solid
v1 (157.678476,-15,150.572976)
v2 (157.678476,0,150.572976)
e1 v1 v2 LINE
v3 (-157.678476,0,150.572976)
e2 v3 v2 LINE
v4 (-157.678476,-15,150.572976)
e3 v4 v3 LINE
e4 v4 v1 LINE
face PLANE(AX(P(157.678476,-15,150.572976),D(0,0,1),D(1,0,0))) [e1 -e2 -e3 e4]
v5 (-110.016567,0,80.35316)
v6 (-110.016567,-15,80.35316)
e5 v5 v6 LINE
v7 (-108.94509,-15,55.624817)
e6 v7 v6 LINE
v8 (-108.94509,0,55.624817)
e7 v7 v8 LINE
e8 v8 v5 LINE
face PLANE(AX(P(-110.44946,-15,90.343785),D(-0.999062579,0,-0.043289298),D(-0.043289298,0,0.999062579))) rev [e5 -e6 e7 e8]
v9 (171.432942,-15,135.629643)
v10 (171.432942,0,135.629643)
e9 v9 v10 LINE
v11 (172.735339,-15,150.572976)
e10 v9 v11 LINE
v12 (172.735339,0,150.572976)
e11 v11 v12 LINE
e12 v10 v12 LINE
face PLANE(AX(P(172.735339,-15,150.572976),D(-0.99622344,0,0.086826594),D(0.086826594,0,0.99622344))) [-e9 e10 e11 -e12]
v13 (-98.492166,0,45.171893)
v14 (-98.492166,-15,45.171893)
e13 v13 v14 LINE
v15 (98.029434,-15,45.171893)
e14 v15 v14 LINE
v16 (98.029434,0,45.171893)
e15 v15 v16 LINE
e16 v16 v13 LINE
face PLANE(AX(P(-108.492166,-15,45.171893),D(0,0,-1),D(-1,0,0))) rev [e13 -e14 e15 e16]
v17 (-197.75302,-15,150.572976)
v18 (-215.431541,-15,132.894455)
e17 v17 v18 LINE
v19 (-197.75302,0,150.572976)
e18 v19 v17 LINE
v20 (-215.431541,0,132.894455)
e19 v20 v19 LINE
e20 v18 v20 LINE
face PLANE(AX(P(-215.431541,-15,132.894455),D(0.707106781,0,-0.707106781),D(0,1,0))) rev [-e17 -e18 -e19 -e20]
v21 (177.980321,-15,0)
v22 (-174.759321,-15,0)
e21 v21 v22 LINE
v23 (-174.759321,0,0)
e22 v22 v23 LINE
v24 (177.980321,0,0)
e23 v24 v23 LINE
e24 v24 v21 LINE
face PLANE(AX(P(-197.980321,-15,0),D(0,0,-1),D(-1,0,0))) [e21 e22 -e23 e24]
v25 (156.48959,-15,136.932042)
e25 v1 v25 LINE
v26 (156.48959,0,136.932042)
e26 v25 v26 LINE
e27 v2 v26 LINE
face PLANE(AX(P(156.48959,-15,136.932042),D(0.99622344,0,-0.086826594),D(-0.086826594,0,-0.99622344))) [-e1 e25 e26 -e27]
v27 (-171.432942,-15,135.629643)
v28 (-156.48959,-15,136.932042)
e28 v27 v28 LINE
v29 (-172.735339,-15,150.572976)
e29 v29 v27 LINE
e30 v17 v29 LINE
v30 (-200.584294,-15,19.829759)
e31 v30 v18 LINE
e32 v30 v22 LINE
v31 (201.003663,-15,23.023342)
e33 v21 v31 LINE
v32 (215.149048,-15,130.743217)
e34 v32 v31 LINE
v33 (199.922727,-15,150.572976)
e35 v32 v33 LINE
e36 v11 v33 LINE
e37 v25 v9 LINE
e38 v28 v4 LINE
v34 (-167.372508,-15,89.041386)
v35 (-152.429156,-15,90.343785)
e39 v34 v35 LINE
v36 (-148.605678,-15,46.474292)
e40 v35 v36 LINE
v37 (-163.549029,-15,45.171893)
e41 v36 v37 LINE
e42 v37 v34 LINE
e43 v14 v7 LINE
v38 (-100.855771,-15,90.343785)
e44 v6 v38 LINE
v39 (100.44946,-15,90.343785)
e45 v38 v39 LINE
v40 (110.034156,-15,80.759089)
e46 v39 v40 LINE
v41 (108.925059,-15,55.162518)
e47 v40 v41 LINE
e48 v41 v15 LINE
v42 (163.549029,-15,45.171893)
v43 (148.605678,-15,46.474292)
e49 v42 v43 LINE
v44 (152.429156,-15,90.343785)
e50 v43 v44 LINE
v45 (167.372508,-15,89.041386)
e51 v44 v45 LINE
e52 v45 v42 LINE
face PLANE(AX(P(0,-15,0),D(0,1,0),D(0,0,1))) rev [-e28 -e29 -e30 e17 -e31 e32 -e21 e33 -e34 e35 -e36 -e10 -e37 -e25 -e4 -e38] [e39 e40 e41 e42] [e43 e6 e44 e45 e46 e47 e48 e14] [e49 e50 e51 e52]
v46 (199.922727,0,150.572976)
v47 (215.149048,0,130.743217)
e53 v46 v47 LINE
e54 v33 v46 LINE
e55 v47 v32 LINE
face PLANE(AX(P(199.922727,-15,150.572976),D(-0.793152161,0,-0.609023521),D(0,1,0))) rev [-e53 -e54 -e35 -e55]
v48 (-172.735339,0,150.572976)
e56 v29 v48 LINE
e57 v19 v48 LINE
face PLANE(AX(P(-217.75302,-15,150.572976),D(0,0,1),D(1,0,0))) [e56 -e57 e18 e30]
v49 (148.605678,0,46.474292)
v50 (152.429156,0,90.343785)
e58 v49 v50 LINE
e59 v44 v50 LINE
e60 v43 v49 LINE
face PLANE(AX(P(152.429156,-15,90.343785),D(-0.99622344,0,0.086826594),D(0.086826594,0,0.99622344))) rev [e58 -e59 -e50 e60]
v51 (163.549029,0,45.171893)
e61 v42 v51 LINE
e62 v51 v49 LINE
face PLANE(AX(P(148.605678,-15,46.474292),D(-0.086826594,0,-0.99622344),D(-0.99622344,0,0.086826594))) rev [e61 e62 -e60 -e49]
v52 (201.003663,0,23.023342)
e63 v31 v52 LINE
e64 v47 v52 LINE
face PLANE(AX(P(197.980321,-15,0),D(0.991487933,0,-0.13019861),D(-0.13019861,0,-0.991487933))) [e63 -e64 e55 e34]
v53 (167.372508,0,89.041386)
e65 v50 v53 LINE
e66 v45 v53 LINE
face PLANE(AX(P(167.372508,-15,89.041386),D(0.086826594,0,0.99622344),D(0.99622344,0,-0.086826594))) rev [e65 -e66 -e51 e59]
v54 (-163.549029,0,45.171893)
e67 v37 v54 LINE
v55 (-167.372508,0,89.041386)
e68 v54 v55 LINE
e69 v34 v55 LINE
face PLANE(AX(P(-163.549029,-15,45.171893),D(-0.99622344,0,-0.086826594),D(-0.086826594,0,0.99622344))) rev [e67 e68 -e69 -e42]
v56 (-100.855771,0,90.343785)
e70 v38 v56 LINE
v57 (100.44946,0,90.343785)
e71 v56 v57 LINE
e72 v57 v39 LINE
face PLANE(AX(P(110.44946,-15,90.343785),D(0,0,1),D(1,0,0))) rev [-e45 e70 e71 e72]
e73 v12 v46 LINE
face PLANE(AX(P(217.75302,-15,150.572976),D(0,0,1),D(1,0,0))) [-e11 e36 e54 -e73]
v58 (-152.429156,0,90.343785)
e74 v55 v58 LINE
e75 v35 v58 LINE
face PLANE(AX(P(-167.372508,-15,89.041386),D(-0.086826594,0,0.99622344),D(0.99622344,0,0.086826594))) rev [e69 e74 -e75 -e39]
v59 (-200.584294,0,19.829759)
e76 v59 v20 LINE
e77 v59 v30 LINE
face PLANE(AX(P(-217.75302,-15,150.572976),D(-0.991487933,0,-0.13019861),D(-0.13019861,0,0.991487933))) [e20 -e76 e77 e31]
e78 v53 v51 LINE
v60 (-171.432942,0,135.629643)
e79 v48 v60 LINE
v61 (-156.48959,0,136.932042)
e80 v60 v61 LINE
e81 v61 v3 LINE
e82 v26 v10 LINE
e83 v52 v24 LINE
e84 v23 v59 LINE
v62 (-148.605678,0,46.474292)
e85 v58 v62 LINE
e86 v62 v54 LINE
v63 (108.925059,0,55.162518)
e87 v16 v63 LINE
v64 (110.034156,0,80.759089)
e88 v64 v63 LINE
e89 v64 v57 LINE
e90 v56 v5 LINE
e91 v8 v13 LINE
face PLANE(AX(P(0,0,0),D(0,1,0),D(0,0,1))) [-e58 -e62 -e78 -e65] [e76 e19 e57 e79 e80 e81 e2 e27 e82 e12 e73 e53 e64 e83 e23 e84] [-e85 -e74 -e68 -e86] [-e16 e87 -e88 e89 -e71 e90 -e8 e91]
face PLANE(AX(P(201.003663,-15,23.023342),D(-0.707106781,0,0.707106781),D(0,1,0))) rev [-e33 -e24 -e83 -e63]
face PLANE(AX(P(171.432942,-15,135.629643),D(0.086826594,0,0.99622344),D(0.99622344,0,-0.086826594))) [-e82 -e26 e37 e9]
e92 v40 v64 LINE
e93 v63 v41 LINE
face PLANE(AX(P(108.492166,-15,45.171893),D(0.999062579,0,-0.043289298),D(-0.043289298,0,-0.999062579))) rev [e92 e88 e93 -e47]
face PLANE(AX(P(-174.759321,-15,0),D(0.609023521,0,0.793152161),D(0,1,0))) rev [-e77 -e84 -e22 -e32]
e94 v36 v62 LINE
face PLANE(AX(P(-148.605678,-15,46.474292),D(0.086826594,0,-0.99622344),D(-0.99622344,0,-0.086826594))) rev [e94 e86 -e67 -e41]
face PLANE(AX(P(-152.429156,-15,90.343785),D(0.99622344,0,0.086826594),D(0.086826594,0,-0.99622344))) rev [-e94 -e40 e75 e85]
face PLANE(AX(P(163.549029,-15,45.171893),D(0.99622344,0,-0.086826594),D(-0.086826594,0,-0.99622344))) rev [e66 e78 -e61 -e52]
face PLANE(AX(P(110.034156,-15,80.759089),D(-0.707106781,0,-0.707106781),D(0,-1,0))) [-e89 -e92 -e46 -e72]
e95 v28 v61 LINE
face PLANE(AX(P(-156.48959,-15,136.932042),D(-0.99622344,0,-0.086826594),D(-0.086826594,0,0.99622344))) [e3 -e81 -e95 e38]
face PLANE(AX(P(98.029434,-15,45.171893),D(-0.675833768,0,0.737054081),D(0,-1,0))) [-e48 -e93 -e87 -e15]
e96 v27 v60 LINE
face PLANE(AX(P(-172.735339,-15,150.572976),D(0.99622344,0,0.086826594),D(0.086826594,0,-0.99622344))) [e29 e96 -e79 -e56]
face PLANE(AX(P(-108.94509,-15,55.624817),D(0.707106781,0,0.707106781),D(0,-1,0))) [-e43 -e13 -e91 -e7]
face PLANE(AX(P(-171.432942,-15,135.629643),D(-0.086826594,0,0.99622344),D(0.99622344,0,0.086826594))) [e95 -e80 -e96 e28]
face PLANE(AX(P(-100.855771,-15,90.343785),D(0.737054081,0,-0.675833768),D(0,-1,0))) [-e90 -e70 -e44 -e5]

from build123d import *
from OCP.BRepFilletAPI import BRepFilletAPI_MakeChamfer

# Parameters (mm, degrees)
BOSS_EXTRUDE1_DEPTH = 15
CHAMFER1_SIZE       = 10
CHAMFER1_SIZE2      = 10.462732323
CHAMFER1_SIZE2_2    = 9.593689253
CHAMFER2_SIZE       = 20
CHAMFER2_SIZE2      = 23.221000733
CHAMFER2_SIZE2_2    = 17.830293244


with BuildPart() as part:
    # Sketch2 → Boss-Extrude1 (new body)
    with BuildSketch(Plane(origin=(0, 0, 0), x_dir=(1, 0, 0), z_dir=(0, 1, 0))):
        Polygon((197.980321351, 0), (217.75302006, -150.572975632), (172.735338859, -150.572975632), (171.432941589, -135.629642818), (156.489589987, -136.932041726), (157.678475714, -150.572975632), (-157.678475714, -150.572975632), (-156.489589987, -136.932041726), (-171.432941589, -135.629642818), (-172.735338859, -150.572975632), (-217.75302006, -150.572975632), (-197.980321351, 0), align=None)
        Polygon((108.492166043, -45.171892689), (110.449460378, -90.343785379), (-110.449460378, -90.343785379), (-108.492166043, -45.171892689), align=None, mode=Mode.SUBTRACT)
        Polygon((-163.549029189, -45.171892689), (-167.372507504, -89.041386471), (-152.429155902, -90.343785379), (-148.605677588, -46.474291597), align=None, mode=Mode.SUBTRACT)
        Polygon((152.429155902, -90.343785379), (148.605677588, -46.474291597), (163.549029189, -45.171892689), (167.372507504, -89.041386471), align=None, mode=Mode.SUBTRACT)
    extrude(amount=-BOSS_EXTRUDE1_DEPTH)

    # Chamfer1: one chamfer whose edges measure the first distance from different faces: ONE call of the kernel's chamfer builder (chamfer() names one face for all edges)
    chamfer1_edges_1 = [part.edges().sort_by_distance(p)[0] for p in [
        (-108.492166043, -7.5, 45.171892689),
    ]]
    chamfer1_side_1 = [part.faces().sort_by_distance(p)[0] for p in [
        (0, -7.5, 45.171892689),
    ]]
    chamfer1_edges_2 = [part.edges().sort_by_distance(p)[0] for p in [
        (108.492166043, -7.5, 45.171892689),
    ]]
    chamfer1_side_2 = [part.faces().sort_by_distance(p)[0] for p in [
        (109.470813211, -7.5, 67.757839034),
    ]]
    chamfer1_edges_3 = [part.edges().sort_by_distance(p)[0] for p in [
        (110.449460378, -7.5, 90.343785379),
    ]]
    chamfer1_side_3 = [part.faces().sort_by_distance(p)[0] for p in [
        (0, -7.5, 90.343785379),
    ]]
    chamfer1_edges_4 = [part.edges().sort_by_distance(p)[0] for p in [
        (-110.449460378, -7.5, 90.343785379),
    ]]
    chamfer1_side_4 = [part.faces().sort_by_distance(p)[0] for p in [
        (-109.470813211, -7.5, 67.757839034),
    ]]
    chamfer1 = BRepFilletAPI_MakeChamfer(part.part.solid().wrapped)
    for e in chamfer1_edges_1:
        chamfer1.Add(CHAMFER1_SIZE, CHAMFER1_SIZE2, e.wrapped, chamfer1_side_1[0].wrapped)  # the first distance lies on this face
    for e in chamfer1_edges_2:
        chamfer1.Add(CHAMFER1_SIZE, CHAMFER1_SIZE2, e.wrapped, chamfer1_side_2[0].wrapped)  # the first distance lies on this face
    for e in chamfer1_edges_3:
        chamfer1.Add(CHAMFER1_SIZE, CHAMFER1_SIZE2_2, e.wrapped, chamfer1_side_3[0].wrapped)  # the first distance lies on this face
    for e in chamfer1_edges_4:
        chamfer1.Add(CHAMFER1_SIZE, CHAMFER1_SIZE2_2, e.wrapped, chamfer1_side_4[0].wrapped)  # the first distance lies on this face
    add(Compound.cast(chamfer1.Shape()), mode=Mode.REPLACE)

    # Chamfer2: one chamfer whose edges measure the first distance from different faces: ONE call of the kernel's chamfer builder (chamfer() names one face for all edges)
    chamfer2_edges_1 = [part.edges().sort_by_distance(p)[0] for p in [
        (197.980321351, -7.5, 0),
    ]]
    chamfer2_side_1 = [part.faces().sort_by_distance(p)[0] for p in [
        (0, -7.5, 0),
    ]]
    chamfer2_edges_2 = [part.edges().sort_by_distance(p)[0] for p in [
        (217.75302006, -7.5, 150.572975632),
    ]]
    chamfer2_side_2 = [part.faces().sort_by_distance(p)[0] for p in [
        (207.866670706, -7.5, 75.286487816),
    ]]
    chamfer2_edges_3 = [part.edges().sort_by_distance(p)[0] for p in [
        (-217.75302006, -7.5, 150.572975632),
    ]]
    chamfer2_side_3 = [part.faces().sort_by_distance(p)[0] for p in [
        (-195.24417946, -7.5, 150.572975632),
    ]]
    chamfer2_edges_4 = [part.edges().sort_by_distance(p)[0] for p in [
        (-197.980321351, -7.5, 0),
    ]]
    chamfer2_side_4 = [part.faces().sort_by_distance(p)[0] for p in [
        (-207.866670706, -7.5, 75.286487816),
    ]]
    chamfer2 = BRepFilletAPI_MakeChamfer(part.part.solid().wrapped)
    for e in chamfer2_edges_1:
        chamfer2.Add(CHAMFER2_SIZE, CHAMFER2_SIZE2, e.wrapped, chamfer2_side_1[0].wrapped)  # the first distance lies on this face
    for e in chamfer2_edges_2:
        chamfer2.Add(CHAMFER2_SIZE, CHAMFER2_SIZE2_2, e.wrapped, chamfer2_side_2[0].wrapped)  # the first distance lies on this face
    for e in chamfer2_edges_3:
        chamfer2.Add(CHAMFER2_SIZE, CHAMFER2_SIZE2_2, e.wrapped, chamfer2_side_3[0].wrapped)  # the first distance lies on this face
    for e in chamfer2_edges_4:
        chamfer2.Add(CHAMFER2_SIZE, CHAMFER2_SIZE2, e.wrapped, chamfer2_side_4[0].wrapped)  # the first distance lies on this face
    add(Compound.cast(chamfer2.Shape()), mode=Mode.REPLACE)


solid = part.part
